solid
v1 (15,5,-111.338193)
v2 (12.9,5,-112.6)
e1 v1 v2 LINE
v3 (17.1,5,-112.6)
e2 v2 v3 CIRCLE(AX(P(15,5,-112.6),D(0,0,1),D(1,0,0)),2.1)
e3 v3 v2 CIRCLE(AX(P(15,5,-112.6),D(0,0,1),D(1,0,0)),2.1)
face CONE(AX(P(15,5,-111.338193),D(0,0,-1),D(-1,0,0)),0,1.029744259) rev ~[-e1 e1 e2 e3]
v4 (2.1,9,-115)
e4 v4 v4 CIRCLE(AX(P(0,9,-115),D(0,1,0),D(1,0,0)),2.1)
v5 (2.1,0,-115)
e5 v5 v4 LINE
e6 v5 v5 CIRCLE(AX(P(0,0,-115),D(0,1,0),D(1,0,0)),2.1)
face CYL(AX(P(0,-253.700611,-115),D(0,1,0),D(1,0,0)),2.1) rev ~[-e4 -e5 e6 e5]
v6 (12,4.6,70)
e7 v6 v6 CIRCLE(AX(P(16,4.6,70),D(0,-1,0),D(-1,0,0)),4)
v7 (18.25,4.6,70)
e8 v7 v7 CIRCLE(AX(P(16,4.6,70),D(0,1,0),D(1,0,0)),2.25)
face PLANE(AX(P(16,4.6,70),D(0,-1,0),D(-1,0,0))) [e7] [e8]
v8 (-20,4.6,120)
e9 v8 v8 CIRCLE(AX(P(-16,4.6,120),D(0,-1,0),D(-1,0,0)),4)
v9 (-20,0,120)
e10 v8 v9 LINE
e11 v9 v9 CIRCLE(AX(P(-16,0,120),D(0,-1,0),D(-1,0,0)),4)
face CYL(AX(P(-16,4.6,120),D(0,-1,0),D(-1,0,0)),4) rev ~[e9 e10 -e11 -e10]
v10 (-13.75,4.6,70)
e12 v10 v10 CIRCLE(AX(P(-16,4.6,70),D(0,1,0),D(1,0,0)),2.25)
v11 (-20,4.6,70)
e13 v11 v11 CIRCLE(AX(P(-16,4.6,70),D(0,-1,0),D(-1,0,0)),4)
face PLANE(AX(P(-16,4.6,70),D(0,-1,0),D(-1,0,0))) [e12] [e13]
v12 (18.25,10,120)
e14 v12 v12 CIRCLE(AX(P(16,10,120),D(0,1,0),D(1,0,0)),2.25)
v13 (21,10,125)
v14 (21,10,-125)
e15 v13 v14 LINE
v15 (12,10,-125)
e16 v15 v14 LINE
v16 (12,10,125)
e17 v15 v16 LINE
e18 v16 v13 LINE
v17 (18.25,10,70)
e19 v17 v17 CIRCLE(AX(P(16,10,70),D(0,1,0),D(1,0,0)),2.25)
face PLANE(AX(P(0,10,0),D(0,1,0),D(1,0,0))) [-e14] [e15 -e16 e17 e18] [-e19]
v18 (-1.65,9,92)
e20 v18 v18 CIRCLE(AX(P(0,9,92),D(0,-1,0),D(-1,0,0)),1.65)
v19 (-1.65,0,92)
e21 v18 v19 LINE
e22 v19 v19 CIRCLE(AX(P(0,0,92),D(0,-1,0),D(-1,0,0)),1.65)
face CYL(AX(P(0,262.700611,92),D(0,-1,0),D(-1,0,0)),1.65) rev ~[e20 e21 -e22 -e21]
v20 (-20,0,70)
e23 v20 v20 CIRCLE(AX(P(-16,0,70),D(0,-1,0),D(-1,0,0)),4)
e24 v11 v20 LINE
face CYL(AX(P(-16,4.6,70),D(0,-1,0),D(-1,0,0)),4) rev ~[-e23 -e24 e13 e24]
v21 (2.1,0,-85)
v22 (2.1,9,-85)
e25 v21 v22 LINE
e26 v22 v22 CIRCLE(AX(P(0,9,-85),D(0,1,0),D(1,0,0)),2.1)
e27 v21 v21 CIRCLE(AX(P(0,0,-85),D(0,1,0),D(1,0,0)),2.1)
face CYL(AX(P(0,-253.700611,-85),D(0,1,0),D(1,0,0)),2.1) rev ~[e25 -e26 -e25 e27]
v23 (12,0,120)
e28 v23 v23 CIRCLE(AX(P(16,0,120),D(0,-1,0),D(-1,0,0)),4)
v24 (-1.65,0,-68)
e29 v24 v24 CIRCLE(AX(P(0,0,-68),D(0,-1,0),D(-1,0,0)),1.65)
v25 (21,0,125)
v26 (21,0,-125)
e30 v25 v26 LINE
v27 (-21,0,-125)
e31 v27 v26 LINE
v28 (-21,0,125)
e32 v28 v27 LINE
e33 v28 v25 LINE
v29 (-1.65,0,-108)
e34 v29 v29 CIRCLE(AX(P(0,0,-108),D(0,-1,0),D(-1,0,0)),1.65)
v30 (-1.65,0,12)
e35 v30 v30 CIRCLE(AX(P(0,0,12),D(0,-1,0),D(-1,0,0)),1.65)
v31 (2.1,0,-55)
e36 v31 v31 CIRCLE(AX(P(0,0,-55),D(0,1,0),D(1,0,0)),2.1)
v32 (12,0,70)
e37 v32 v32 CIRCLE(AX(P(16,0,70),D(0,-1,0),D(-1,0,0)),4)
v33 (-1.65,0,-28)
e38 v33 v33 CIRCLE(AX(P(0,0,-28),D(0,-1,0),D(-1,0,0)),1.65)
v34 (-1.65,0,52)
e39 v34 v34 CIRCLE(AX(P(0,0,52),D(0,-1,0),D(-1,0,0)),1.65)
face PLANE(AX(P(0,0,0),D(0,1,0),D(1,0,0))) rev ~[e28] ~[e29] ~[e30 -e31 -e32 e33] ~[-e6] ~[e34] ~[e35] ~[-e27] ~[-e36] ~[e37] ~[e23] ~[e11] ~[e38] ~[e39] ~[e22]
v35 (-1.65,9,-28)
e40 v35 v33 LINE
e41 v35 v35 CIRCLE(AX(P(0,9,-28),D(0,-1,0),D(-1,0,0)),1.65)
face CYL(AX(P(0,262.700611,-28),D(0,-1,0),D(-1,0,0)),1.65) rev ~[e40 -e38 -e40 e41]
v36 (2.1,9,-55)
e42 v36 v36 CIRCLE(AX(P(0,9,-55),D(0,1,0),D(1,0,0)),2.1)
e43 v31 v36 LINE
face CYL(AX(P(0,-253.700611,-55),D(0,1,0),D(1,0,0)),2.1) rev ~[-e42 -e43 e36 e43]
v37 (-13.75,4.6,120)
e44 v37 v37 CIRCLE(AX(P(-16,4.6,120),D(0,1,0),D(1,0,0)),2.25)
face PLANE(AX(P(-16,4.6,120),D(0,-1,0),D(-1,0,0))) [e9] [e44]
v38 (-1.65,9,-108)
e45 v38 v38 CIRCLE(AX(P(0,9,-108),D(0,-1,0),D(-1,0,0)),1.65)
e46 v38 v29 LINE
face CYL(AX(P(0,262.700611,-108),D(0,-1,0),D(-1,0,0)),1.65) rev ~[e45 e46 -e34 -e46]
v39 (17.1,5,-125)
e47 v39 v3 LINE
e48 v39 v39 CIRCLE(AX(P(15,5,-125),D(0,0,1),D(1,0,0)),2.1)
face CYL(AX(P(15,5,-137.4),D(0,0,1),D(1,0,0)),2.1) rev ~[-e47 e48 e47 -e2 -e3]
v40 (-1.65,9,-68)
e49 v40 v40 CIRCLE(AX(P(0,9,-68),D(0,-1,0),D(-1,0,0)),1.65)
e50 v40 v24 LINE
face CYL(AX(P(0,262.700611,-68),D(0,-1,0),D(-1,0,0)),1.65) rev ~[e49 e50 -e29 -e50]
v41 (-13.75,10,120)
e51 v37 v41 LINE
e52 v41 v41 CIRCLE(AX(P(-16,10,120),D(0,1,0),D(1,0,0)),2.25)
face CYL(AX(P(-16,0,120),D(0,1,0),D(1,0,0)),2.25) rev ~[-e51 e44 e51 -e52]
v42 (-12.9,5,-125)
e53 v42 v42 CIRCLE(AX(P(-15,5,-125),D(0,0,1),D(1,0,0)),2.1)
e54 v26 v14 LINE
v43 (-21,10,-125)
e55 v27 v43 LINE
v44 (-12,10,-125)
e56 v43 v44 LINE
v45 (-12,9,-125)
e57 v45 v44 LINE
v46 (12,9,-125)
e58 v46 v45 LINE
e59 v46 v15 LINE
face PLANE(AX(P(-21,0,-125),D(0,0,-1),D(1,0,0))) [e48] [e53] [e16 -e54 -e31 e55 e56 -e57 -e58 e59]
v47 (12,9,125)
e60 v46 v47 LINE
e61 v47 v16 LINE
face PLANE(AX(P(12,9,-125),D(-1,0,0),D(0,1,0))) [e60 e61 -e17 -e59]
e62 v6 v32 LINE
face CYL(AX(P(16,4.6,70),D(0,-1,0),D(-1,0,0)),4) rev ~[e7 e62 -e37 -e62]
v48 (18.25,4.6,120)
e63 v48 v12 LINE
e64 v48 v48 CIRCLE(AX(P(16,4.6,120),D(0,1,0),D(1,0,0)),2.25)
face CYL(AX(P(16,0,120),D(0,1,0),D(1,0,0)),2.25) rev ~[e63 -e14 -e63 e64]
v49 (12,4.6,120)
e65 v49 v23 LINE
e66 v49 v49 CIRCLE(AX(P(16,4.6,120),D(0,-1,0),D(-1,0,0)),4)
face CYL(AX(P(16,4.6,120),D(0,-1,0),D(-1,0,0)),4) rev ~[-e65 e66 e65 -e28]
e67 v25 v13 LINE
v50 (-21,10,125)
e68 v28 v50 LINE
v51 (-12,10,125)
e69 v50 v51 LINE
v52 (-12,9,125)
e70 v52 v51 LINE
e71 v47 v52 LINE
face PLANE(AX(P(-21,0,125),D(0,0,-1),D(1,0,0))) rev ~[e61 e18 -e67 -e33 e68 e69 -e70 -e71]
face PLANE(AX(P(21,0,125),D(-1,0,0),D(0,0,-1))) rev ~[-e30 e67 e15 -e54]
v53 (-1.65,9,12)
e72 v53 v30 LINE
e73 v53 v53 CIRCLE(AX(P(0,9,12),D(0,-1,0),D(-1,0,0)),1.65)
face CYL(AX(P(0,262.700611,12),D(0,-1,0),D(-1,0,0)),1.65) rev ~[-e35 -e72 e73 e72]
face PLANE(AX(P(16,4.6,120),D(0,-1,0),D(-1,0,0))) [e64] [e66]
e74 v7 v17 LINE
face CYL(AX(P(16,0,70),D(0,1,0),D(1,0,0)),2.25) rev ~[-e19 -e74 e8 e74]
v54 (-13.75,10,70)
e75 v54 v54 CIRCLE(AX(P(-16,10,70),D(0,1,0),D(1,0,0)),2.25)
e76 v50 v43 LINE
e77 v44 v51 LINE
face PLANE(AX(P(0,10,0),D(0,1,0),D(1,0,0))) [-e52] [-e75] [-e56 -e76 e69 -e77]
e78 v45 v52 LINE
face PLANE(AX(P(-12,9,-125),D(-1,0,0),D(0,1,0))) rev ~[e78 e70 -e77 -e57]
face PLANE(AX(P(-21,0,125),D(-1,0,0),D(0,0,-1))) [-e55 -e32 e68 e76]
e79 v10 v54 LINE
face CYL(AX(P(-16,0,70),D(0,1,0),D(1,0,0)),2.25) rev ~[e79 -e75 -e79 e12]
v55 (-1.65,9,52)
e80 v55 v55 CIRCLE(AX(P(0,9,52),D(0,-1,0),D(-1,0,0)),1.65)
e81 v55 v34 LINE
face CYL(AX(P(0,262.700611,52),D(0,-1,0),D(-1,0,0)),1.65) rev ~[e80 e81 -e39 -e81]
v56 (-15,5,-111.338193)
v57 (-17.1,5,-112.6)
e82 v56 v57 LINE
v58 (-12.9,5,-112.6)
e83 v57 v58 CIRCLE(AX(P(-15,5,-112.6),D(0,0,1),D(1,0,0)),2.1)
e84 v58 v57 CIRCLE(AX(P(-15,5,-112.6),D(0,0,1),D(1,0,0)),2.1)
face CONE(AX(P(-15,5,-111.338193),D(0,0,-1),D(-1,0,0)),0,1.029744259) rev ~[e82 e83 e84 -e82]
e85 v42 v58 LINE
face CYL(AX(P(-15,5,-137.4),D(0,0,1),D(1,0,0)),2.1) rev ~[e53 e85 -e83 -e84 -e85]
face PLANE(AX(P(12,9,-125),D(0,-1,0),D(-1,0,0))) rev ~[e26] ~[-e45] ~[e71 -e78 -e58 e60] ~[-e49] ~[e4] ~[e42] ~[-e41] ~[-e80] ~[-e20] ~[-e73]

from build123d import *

# Parameters (mm, degrees)
SKETCH_1_W                = 42
SKETCH_1_H                = 250
EXTRUDE_1_DEPTH           = 10
SKETCH_10_W               = 24
SKETCH_10_H               = 1
CUT_EXTRUDE_1_DEPTH       = 252.079668631
HOLE_WIZARD_M4_1_D        = 3.3
PATTERN_LINEAR_1_COUNT    = 6
PATTERN_LINEAR_1_PITCH    = 40
HOLE_WIZARD_M5_1_D        = 4.2
HOLE_WIZARD_1_D           = 4.5
HOLE_WIZARD_1_CBORE_D     = 8
HOLE_WIZARD_1_CBORE_DEPTH = 4.6
HOLE_WIZARD_M5_2_D        = 4.2
HOLE_WIZARD_M5_2_DEPTH    = 12.4
HOLE_WIZARD_M5_2_TIP      = 1.2618073


with BuildPart() as part:
    # 草图1 → 凸台-拉伸1 (new body)
    with BuildSketch(Plane(origin=(0, 0, 0), x_dir=(1, 0, 0), z_dir=(0, 1, 0))):
        Rectangle(SKETCH_1_W, SKETCH_1_H)
    extrude(amount=EXTRUDE_1_DEPTH)

    # 草图10 → 切除-拉伸1 (cut, through all)
    with BuildSketch(Plane(origin=(0, 0, -125), x_dir=(-1, 0, 0), z_dir=(0, 0, -1))):
        with Locations((0, 9.5)):
            Rectangle(SKETCH_10_W, SKETCH_10_H)
    extrude(amount=-CUT_EXTRUDE_1_DEPTH, mode=Mode.SUBTRACT)

    # M4 螺纹孔1 (through all)
    with Locations(Plane(origin=(-1.725383056, 9, -76.289623168), x_dir=(1, 0, 0), z_dir=(0, 1, 0))):
        with Locations((1.725383056, 31.710376832)):
            hole_wizard_m4_1 = Hole(HOLE_WIZARD_M4_1_D / 2)

    # 阵列(线性)1: M4 螺纹孔1 ×6
    with Locations(*[(0, 0, i * PATTERN_LINEAR_1_PITCH) for i in range(1, PATTERN_LINEAR_1_COUNT)]):
        add(hole_wizard_m4_1, mode=Mode.SUBTRACT)

    # M5 螺纹孔1 (through all)
    with Locations(Plane(origin=(0, 0, 0), x_dir=(-1, 0, 0), z_dir=(0, -1, 0))):
        with Locations((0, 55), (0, 115), (0, 85)):
            Hole(HOLE_WIZARD_M5_1_D / 2)

    # 打孔尺寸根据内六角圆柱头螺钉的类型1 (through all)
    with Locations(Plane(origin=(0, 0, 0), x_dir=(-1, 0, 0), z_dir=(0, -1, 0))):
        with Locations((16, -120), (16, -70), (-16, -70), (-16, -120)):
            CounterBoreHole(HOLE_WIZARD_1_D / 2, HOLE_WIZARD_1_CBORE_D / 2, HOLE_WIZARD_1_CBORE_DEPTH)

    # M5 螺纹孔2
    with Locations(Plane(origin=(0, 0, -125), x_dir=(-1, 0, 0), z_dir=(0, 0, -1))):
        with Locations((-15, 5), (15, 5)):
            Hole(HOLE_WIZARD_M5_2_D / 2, depth=HOLE_WIZARD_M5_2_DEPTH)
            with Locations((0, 0, -(HOLE_WIZARD_M5_2_DEPTH + HOLE_WIZARD_M5_2_TIP / 2))):  # 118° drill point
                Cone(0, HOLE_WIZARD_M5_2_D / 2, HOLE_WIZARD_M5_2_TIP, mode=Mode.SUBTRACT)


solid = part.part
